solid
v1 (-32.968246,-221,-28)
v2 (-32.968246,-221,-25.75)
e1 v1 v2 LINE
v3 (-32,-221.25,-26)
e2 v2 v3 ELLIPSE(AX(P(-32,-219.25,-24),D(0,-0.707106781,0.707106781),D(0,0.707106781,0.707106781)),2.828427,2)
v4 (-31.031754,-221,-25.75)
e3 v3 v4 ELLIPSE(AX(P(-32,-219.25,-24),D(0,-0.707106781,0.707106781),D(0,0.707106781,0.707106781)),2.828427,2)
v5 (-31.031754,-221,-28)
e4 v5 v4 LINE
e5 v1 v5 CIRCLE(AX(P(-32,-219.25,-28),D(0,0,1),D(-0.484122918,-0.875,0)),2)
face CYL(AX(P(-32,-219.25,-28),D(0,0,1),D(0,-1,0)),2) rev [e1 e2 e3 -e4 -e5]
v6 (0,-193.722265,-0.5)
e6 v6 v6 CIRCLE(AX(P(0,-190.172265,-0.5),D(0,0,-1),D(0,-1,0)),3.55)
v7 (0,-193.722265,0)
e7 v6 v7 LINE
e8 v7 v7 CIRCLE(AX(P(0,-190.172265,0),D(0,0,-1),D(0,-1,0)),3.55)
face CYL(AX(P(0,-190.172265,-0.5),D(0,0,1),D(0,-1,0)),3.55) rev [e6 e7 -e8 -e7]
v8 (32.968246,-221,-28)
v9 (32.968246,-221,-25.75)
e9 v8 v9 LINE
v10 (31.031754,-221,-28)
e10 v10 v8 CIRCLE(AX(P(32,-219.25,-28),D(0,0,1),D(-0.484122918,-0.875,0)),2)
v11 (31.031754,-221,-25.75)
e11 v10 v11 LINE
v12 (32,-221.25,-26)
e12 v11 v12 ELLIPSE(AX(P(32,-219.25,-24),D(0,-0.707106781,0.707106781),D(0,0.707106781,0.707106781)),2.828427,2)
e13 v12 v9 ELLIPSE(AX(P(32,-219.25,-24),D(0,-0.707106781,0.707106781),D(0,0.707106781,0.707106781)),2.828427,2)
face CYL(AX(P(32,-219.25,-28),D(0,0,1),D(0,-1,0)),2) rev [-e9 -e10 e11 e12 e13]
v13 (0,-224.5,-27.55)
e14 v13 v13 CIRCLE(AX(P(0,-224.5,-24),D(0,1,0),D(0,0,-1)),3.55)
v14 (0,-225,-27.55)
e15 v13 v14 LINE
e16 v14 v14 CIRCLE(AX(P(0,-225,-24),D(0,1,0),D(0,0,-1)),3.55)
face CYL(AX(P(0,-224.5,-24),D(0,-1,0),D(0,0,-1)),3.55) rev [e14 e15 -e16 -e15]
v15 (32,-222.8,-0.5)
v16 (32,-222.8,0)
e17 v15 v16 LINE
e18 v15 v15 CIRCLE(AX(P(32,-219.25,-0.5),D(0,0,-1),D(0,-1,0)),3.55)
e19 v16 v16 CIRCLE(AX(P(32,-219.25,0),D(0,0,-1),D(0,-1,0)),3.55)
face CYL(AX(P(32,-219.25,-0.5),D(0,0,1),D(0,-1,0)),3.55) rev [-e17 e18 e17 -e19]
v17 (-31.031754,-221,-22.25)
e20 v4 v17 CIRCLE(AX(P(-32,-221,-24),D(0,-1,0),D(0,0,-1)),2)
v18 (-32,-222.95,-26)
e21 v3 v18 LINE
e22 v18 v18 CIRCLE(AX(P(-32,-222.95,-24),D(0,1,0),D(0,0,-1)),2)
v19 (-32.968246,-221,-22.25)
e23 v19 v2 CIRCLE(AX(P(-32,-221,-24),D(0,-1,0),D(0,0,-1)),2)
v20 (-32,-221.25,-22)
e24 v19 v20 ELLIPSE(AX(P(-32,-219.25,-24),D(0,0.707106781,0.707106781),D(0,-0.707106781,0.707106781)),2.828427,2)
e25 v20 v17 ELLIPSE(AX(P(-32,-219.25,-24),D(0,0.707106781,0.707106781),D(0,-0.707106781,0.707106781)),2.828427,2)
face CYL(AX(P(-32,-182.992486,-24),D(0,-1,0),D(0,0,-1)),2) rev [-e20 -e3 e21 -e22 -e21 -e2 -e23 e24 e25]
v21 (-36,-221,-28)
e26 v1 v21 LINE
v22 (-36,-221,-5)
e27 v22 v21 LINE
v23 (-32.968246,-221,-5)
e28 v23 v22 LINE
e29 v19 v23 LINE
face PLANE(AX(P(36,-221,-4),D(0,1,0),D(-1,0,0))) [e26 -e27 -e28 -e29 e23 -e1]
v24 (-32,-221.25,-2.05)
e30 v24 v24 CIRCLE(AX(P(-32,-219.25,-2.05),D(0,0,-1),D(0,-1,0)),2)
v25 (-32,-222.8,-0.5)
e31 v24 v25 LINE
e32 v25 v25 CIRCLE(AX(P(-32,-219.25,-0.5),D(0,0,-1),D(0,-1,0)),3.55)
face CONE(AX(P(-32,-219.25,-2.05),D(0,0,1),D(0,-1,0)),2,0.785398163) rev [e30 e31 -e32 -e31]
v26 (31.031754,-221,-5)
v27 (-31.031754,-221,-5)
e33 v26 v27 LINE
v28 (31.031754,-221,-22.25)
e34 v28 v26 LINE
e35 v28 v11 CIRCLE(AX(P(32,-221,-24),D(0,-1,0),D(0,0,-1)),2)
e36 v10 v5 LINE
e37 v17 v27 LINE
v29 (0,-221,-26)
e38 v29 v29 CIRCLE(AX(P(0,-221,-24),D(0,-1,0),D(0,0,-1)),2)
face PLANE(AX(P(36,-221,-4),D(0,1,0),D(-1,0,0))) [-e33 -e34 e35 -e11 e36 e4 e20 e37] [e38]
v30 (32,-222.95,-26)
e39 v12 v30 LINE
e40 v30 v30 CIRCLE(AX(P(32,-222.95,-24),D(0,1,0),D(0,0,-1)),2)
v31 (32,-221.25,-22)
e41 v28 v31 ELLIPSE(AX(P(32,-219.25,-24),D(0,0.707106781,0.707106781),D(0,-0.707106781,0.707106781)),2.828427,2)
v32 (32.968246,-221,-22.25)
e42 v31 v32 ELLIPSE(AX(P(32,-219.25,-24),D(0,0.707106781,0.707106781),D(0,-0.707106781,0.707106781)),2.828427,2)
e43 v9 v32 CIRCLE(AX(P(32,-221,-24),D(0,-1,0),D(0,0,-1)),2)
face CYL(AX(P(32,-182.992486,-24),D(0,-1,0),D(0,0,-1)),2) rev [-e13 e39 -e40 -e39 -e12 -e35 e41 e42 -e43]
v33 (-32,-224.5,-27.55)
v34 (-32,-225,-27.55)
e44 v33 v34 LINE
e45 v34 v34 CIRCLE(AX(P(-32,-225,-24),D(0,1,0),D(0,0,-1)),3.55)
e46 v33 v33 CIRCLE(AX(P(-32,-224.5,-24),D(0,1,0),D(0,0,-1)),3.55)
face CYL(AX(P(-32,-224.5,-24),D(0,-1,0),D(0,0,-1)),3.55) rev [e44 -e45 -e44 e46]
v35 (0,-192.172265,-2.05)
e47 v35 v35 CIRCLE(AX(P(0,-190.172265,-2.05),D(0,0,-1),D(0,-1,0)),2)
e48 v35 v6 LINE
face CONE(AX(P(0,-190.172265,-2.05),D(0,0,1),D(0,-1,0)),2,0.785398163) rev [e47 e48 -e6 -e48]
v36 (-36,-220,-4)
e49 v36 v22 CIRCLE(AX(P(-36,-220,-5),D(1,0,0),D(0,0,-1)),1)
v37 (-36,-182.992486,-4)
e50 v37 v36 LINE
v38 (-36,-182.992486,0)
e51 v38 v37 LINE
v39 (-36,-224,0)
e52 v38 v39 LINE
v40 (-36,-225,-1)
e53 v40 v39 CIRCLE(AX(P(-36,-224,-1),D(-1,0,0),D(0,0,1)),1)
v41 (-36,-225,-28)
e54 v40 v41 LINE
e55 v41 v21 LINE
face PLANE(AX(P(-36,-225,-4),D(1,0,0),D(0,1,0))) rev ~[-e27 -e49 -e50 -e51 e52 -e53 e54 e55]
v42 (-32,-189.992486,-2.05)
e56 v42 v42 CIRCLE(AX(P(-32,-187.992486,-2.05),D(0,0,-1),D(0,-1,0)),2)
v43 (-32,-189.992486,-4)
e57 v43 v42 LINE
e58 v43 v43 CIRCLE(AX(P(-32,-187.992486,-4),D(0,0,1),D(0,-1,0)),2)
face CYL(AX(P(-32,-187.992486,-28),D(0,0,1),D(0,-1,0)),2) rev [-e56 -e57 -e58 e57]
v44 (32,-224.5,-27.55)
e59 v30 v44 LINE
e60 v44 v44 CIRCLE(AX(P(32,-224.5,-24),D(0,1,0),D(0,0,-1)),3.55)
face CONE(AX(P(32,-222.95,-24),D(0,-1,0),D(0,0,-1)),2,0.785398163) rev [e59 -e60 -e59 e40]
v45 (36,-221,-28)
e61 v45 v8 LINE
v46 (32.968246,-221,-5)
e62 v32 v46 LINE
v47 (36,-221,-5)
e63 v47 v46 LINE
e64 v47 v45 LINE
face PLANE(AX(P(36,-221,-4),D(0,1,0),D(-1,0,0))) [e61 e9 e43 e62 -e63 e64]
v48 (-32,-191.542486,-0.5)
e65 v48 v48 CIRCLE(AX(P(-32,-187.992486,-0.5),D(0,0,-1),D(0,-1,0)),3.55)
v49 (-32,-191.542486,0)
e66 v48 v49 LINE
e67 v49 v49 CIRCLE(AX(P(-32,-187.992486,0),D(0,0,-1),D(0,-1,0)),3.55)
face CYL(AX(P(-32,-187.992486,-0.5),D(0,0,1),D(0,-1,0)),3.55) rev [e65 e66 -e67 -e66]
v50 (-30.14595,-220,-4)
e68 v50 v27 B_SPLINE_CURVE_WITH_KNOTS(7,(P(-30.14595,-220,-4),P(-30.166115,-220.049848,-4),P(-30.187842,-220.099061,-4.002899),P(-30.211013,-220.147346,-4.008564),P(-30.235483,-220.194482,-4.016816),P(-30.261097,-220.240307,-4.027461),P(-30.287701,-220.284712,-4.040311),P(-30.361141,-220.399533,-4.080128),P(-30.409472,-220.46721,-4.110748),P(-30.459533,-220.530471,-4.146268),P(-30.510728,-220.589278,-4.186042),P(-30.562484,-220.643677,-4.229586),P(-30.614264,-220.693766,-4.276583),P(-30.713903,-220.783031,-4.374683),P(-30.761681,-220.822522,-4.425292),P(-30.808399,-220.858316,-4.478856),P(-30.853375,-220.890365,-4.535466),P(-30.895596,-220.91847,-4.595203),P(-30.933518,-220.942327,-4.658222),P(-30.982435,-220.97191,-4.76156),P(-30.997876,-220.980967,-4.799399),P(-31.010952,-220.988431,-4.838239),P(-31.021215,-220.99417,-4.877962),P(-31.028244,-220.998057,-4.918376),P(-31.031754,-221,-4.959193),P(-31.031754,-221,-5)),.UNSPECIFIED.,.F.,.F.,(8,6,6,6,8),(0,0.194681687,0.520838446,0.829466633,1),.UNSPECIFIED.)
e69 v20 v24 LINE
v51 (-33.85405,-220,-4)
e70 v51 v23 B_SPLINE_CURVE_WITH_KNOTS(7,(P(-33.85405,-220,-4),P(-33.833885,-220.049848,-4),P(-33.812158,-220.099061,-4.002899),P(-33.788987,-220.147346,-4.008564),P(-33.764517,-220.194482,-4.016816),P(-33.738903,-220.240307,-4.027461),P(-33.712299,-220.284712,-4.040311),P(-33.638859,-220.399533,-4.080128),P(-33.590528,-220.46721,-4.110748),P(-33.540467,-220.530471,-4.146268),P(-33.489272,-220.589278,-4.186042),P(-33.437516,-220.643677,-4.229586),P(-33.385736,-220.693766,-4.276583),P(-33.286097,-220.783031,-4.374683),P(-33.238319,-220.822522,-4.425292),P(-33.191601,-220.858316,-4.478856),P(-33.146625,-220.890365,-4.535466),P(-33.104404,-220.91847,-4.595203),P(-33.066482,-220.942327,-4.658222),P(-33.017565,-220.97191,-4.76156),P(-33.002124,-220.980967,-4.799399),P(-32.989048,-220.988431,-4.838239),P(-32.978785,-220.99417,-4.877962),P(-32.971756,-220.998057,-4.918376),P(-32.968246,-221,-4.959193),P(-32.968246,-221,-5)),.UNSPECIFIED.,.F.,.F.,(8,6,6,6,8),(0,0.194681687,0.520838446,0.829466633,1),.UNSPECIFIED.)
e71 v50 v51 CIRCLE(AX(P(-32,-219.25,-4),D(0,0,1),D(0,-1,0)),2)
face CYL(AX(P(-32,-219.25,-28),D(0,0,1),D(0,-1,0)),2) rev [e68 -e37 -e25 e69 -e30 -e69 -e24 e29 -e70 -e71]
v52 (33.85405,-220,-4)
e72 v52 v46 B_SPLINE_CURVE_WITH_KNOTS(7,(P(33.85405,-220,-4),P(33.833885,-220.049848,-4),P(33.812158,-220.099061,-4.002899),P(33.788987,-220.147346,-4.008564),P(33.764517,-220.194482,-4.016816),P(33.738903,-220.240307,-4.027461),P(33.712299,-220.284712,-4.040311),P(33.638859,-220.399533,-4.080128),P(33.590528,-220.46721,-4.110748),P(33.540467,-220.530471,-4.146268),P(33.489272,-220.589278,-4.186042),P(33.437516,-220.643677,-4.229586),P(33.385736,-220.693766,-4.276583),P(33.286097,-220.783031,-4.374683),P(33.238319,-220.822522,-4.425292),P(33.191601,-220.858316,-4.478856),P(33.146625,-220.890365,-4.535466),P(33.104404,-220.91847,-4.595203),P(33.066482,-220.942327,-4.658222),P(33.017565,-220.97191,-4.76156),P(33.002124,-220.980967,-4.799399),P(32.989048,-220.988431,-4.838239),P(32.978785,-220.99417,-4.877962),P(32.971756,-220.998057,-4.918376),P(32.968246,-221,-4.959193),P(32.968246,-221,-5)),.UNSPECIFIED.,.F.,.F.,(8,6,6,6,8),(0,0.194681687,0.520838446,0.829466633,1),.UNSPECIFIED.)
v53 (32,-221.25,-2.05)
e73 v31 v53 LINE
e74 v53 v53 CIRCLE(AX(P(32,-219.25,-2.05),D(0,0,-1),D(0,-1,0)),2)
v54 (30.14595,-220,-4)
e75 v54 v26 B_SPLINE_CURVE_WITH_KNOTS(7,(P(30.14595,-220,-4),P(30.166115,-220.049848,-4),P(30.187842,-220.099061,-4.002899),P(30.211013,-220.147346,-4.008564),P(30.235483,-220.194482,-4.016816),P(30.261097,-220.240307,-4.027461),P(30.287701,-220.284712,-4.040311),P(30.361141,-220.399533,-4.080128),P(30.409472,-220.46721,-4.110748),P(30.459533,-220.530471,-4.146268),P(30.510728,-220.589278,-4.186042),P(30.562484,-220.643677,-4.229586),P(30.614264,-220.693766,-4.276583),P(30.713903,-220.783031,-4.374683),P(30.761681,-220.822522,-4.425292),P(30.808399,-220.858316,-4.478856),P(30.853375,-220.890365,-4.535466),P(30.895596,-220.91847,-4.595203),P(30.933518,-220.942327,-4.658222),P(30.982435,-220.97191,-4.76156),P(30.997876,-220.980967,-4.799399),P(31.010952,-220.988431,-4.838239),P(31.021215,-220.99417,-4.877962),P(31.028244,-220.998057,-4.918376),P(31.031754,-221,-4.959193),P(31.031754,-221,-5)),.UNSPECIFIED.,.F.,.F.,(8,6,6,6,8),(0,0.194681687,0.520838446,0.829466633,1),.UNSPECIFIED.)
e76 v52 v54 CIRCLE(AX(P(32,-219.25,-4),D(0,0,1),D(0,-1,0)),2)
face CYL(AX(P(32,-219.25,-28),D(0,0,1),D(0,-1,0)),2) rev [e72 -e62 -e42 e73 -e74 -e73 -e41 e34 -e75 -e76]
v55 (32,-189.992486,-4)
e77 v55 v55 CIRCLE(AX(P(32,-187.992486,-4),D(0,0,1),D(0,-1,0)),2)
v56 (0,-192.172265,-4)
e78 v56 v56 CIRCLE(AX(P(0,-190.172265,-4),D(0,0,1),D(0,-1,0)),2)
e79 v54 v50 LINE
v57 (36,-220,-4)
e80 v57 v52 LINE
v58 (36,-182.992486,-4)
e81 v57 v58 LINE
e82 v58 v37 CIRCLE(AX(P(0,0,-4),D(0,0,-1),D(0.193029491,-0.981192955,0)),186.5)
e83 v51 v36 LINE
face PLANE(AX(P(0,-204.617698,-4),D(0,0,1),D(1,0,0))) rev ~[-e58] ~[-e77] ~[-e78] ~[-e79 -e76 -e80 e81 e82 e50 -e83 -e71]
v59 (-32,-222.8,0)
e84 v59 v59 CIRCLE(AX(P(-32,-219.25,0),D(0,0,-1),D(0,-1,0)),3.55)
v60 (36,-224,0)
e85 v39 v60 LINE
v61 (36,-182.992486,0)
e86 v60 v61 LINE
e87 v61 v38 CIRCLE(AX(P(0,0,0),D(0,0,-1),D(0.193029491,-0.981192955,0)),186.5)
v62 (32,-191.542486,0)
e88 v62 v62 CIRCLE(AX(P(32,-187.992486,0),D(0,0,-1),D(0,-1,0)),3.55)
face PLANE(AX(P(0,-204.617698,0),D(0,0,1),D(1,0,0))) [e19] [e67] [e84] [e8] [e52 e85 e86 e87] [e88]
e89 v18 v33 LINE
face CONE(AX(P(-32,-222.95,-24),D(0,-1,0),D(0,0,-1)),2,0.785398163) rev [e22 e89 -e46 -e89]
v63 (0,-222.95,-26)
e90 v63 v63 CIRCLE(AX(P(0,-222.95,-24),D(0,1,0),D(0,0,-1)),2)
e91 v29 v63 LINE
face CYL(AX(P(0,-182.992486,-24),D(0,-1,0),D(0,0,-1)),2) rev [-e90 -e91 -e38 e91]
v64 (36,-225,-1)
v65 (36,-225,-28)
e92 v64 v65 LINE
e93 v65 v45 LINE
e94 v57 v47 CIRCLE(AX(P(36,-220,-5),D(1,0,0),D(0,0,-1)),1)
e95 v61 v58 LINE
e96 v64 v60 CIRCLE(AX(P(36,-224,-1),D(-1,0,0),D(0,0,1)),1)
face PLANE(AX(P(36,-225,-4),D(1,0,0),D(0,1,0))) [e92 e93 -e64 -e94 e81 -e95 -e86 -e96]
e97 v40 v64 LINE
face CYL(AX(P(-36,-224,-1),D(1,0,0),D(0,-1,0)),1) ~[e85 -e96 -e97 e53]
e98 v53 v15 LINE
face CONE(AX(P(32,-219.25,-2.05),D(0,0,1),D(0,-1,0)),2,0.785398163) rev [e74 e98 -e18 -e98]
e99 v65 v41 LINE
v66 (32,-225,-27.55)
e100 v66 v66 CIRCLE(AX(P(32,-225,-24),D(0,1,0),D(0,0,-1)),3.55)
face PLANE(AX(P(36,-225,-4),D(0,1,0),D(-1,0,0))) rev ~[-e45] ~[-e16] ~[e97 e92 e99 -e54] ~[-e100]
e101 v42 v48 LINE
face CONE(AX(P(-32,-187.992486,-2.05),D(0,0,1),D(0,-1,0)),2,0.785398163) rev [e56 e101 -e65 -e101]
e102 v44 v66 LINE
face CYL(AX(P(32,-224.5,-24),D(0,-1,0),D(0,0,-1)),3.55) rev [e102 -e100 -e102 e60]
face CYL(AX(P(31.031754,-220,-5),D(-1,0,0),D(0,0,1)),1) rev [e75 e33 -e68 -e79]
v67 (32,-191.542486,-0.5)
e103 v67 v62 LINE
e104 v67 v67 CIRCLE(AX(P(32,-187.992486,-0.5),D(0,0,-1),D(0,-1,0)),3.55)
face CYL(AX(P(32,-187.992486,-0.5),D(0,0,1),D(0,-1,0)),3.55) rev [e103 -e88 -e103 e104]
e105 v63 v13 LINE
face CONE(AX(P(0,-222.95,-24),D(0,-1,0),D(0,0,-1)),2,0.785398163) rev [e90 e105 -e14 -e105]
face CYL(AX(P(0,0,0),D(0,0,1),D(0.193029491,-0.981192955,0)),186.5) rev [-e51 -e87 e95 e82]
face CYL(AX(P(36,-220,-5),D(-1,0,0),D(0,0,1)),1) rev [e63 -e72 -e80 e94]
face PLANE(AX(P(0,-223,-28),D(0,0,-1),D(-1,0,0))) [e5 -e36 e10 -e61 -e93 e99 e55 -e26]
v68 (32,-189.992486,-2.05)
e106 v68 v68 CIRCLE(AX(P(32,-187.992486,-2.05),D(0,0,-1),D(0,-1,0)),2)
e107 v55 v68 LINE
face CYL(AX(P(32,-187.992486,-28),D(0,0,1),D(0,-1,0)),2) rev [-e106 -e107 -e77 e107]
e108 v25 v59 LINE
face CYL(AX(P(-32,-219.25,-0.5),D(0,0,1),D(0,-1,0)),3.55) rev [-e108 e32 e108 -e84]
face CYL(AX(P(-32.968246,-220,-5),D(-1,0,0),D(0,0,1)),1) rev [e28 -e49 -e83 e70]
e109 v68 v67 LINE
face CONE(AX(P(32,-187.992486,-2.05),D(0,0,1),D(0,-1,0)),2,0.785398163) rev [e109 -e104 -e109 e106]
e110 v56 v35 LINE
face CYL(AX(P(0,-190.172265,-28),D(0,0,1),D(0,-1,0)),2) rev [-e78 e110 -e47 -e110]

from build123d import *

# Parameters (mm, degrees)
BOSS_EXTRUDE1_DEPTH                          = 4
SKETCH2_W                                    = 72
SKETCH2_H                                    = 4
BOSS_EXTRUDE2_DEPTH                          = 24
CSK_FOR_M4_COUNTERSUNK_FLAT_HEAD_SCR_2_COUNT = 2
CSK_FOR_M4_COUNTERSUNK_FLAT_HEAD_SCR_2_PITCH = 31.257513815
CSK_FOR_M4_COUNTERSUNK_FLAT_HEAD_SCR_3_COUNT = 2
CSK_FOR_M4_COUNTERSUNK_FLAT_HEAD_SCR_3_PITCH = 43.237884498
CSK_FOR_M4_COUNTERSUNK_FLAT_HEAD_SCR_4_COUNT = 2
CSK_FOR_M4_COUNTERSUNK_FLAT_HEAD_SCR_4_PITCH = 71.225221445
CSK_FOR_M4_COUNTERSUNK_FLAT_HEAD_SCR_5_COUNT = 2
CSK_FOR_M4_COUNTERSUNK_FLAT_HEAD_SCR_5_PITCH = 64
CSK_FOR_M4_COUNTERSUNK_FLAT_HEAD_SCR_6_COUNT = 2
CSK_FOR_M4_COUNTERSUNK_FLAT_HEAD_SCR_6_PITCH = 32
CSK_FOR_M4_COUNTERSUNK_FLAT_HEAD_SCR_7_COUNT = 2
CSK_FOR_M4_COUNTERSUNK_FLAT_HEAD_SCR_7_PITCH = 64
FILLET1_R                                    = 1
FILLET2_R                                    = 1


with BuildPart() as part:
    # Sketch1 → Boss-Extrude1 (new body)
    with BuildSketch(Plane.XY):
        with BuildLine():
            Line((36, -225), (36, -182.992486185))
            ThreePointArc((36, -182.992486185), (0, -186.5), (-36, -182.992486185))
            Line((-36, -182.992486185), (-36, -225))
            Line((-36, -225), (36, -225))
        make_face()
    extrude(amount=-BOSS_EXTRUDE1_DEPTH)

    # Sketch2 → Boss-Extrude2 (add)
    with BuildSketch(Plane(origin=(0, 0, -4), x_dir=(-1, 0, 0), z_dir=(0, 0, -1))):
        with Locations((0, -223)):
            Rectangle(SKETCH2_W, SKETCH2_H)
    extrude(amount=BOSS_EXTRUDE2_DEPTH)

    # Sketch7 → CSK for M4 Countersunk Flat Head Screw1 (revolve, cut)
    with BuildSketch(Plane(origin=(-32, -219.25, 0), x_dir=(0, -1, 0), z_dir=(1, 0, 0))):
        Polygon((0, 0), (0, 28), (2, 28), (2, 2.05), (3.55, 0.5), (3.55, 0), align=None)
    csk_for_m4_countersunk_flat_head_screw1 = revolve(axis=Axis((-32, -219.25, 6.35), (0, 0, -1)), mode=Mode.SUBTRACT)

    # CSK for M4 Countersunk Flat Head Scr 2: CSK for M4 Countersunk Flat Head Screw1 ×2
    with Locations(*[(0, i * CSK_FOR_M4_COUNTERSUNK_FLAT_HEAD_SCR_2_PITCH, 0) for i in range(1, CSK_FOR_M4_COUNTERSUNK_FLAT_HEAD_SCR_2_COUNT)]):
        add(csk_for_m4_countersunk_flat_head_screw1, mode=Mode.SUBTRACT)

    # CSK for M4 Countersunk Flat Head Scr 3: CSK for M4 Countersunk Flat Head Screw1 ×2
    with Locations(*[Vector(0.74009171288563, 0.6725059527751515, 0) * (i * CSK_FOR_M4_COUNTERSUNK_FLAT_HEAD_SCR_3_PITCH) for i in range(1, CSK_FOR_M4_COUNTERSUNK_FLAT_HEAD_SCR_3_COUNT)]):
        add(csk_for_m4_countersunk_flat_head_screw1, mode=Mode.SUBTRACT)

    # CSK for M4 Countersunk Flat Head Scr 4: CSK for M4 Countersunk Flat Head Screw1 ×2
    with Locations(*[Vector(0.8985581048590322, 0.4388545683847263, 0) * (i * CSK_FOR_M4_COUNTERSUNK_FLAT_HEAD_SCR_4_PITCH) for i in range(1, CSK_FOR_M4_COUNTERSUNK_FLAT_HEAD_SCR_4_COUNT)]):
        add(csk_for_m4_countersunk_flat_head_screw1, mode=Mode.SUBTRACT)

    # CSK for M4 Countersunk Flat Head Scr 5: CSK for M4 Countersunk Flat Head Screw1 ×2
    with Locations(*[(i * CSK_FOR_M4_COUNTERSUNK_FLAT_HEAD_SCR_5_PITCH, 0, 0) for i in range(1, CSK_FOR_M4_COUNTERSUNK_FLAT_HEAD_SCR_5_COUNT)]):
        add(csk_for_m4_countersunk_flat_head_screw1, mode=Mode.SUBTRACT)

    # Sketch9 → CSK for M4 Countersunk Flat Head Screw2 (revolve, cut)
    with BuildSketch(Plane(origin=(32, -225, -24), x_dir=(0, 0, -1), z_dir=(1, 0, 0))):
        Polygon((0, 0), (0, 42.007513815), (2, 42.007513815), (2, 2.05), (3.55, 0.5), (3.55, 0), align=None)
    csk_for_m4_countersunk_flat_head_screw2 = revolve(axis=Axis((32, -231.35, -24), (0, 1, 0)), mode=Mode.SUBTRACT)

    # CSK for M4 Countersunk Flat Head Scr 6: CSK for M4 Countersunk Flat Head Screw2 ×2
    with Locations(*[(-i * CSK_FOR_M4_COUNTERSUNK_FLAT_HEAD_SCR_6_PITCH, 0, 0) for i in range(1, CSK_FOR_M4_COUNTERSUNK_FLAT_HEAD_SCR_6_COUNT)]):
        add(csk_for_m4_countersunk_flat_head_screw2, mode=Mode.SUBTRACT)

    # CSK for M4 Countersunk Flat Head Scr 7: CSK for M4 Countersunk Flat Head Screw2 ×2
    with Locations(*[(-i * CSK_FOR_M4_COUNTERSUNK_FLAT_HEAD_SCR_7_PITCH, 0, 0) for i in range(1, CSK_FOR_M4_COUNTERSUNK_FLAT_HEAD_SCR_7_COUNT)]):
        add(csk_for_m4_countersunk_flat_head_screw2, mode=Mode.SUBTRACT)

    # Fillet1
    fillet1_edges = [part.edges().sort_by_distance(p)[0] for p in [
        (0, -225, 0),
    ]]
    fillet(fillet1_edges, radius=FILLET1_R)

    # Fillet2
    fillet2_edges = [part.edges().sort_by_distance(p)[0] for p in [
        (-34.484122918, -221, -4),
        (34.484122918, -221, -4),
        (0, -221, -4),
    ]]
    fillet(fillet2_edges, radius=FILLET2_R)


solid = part.part
